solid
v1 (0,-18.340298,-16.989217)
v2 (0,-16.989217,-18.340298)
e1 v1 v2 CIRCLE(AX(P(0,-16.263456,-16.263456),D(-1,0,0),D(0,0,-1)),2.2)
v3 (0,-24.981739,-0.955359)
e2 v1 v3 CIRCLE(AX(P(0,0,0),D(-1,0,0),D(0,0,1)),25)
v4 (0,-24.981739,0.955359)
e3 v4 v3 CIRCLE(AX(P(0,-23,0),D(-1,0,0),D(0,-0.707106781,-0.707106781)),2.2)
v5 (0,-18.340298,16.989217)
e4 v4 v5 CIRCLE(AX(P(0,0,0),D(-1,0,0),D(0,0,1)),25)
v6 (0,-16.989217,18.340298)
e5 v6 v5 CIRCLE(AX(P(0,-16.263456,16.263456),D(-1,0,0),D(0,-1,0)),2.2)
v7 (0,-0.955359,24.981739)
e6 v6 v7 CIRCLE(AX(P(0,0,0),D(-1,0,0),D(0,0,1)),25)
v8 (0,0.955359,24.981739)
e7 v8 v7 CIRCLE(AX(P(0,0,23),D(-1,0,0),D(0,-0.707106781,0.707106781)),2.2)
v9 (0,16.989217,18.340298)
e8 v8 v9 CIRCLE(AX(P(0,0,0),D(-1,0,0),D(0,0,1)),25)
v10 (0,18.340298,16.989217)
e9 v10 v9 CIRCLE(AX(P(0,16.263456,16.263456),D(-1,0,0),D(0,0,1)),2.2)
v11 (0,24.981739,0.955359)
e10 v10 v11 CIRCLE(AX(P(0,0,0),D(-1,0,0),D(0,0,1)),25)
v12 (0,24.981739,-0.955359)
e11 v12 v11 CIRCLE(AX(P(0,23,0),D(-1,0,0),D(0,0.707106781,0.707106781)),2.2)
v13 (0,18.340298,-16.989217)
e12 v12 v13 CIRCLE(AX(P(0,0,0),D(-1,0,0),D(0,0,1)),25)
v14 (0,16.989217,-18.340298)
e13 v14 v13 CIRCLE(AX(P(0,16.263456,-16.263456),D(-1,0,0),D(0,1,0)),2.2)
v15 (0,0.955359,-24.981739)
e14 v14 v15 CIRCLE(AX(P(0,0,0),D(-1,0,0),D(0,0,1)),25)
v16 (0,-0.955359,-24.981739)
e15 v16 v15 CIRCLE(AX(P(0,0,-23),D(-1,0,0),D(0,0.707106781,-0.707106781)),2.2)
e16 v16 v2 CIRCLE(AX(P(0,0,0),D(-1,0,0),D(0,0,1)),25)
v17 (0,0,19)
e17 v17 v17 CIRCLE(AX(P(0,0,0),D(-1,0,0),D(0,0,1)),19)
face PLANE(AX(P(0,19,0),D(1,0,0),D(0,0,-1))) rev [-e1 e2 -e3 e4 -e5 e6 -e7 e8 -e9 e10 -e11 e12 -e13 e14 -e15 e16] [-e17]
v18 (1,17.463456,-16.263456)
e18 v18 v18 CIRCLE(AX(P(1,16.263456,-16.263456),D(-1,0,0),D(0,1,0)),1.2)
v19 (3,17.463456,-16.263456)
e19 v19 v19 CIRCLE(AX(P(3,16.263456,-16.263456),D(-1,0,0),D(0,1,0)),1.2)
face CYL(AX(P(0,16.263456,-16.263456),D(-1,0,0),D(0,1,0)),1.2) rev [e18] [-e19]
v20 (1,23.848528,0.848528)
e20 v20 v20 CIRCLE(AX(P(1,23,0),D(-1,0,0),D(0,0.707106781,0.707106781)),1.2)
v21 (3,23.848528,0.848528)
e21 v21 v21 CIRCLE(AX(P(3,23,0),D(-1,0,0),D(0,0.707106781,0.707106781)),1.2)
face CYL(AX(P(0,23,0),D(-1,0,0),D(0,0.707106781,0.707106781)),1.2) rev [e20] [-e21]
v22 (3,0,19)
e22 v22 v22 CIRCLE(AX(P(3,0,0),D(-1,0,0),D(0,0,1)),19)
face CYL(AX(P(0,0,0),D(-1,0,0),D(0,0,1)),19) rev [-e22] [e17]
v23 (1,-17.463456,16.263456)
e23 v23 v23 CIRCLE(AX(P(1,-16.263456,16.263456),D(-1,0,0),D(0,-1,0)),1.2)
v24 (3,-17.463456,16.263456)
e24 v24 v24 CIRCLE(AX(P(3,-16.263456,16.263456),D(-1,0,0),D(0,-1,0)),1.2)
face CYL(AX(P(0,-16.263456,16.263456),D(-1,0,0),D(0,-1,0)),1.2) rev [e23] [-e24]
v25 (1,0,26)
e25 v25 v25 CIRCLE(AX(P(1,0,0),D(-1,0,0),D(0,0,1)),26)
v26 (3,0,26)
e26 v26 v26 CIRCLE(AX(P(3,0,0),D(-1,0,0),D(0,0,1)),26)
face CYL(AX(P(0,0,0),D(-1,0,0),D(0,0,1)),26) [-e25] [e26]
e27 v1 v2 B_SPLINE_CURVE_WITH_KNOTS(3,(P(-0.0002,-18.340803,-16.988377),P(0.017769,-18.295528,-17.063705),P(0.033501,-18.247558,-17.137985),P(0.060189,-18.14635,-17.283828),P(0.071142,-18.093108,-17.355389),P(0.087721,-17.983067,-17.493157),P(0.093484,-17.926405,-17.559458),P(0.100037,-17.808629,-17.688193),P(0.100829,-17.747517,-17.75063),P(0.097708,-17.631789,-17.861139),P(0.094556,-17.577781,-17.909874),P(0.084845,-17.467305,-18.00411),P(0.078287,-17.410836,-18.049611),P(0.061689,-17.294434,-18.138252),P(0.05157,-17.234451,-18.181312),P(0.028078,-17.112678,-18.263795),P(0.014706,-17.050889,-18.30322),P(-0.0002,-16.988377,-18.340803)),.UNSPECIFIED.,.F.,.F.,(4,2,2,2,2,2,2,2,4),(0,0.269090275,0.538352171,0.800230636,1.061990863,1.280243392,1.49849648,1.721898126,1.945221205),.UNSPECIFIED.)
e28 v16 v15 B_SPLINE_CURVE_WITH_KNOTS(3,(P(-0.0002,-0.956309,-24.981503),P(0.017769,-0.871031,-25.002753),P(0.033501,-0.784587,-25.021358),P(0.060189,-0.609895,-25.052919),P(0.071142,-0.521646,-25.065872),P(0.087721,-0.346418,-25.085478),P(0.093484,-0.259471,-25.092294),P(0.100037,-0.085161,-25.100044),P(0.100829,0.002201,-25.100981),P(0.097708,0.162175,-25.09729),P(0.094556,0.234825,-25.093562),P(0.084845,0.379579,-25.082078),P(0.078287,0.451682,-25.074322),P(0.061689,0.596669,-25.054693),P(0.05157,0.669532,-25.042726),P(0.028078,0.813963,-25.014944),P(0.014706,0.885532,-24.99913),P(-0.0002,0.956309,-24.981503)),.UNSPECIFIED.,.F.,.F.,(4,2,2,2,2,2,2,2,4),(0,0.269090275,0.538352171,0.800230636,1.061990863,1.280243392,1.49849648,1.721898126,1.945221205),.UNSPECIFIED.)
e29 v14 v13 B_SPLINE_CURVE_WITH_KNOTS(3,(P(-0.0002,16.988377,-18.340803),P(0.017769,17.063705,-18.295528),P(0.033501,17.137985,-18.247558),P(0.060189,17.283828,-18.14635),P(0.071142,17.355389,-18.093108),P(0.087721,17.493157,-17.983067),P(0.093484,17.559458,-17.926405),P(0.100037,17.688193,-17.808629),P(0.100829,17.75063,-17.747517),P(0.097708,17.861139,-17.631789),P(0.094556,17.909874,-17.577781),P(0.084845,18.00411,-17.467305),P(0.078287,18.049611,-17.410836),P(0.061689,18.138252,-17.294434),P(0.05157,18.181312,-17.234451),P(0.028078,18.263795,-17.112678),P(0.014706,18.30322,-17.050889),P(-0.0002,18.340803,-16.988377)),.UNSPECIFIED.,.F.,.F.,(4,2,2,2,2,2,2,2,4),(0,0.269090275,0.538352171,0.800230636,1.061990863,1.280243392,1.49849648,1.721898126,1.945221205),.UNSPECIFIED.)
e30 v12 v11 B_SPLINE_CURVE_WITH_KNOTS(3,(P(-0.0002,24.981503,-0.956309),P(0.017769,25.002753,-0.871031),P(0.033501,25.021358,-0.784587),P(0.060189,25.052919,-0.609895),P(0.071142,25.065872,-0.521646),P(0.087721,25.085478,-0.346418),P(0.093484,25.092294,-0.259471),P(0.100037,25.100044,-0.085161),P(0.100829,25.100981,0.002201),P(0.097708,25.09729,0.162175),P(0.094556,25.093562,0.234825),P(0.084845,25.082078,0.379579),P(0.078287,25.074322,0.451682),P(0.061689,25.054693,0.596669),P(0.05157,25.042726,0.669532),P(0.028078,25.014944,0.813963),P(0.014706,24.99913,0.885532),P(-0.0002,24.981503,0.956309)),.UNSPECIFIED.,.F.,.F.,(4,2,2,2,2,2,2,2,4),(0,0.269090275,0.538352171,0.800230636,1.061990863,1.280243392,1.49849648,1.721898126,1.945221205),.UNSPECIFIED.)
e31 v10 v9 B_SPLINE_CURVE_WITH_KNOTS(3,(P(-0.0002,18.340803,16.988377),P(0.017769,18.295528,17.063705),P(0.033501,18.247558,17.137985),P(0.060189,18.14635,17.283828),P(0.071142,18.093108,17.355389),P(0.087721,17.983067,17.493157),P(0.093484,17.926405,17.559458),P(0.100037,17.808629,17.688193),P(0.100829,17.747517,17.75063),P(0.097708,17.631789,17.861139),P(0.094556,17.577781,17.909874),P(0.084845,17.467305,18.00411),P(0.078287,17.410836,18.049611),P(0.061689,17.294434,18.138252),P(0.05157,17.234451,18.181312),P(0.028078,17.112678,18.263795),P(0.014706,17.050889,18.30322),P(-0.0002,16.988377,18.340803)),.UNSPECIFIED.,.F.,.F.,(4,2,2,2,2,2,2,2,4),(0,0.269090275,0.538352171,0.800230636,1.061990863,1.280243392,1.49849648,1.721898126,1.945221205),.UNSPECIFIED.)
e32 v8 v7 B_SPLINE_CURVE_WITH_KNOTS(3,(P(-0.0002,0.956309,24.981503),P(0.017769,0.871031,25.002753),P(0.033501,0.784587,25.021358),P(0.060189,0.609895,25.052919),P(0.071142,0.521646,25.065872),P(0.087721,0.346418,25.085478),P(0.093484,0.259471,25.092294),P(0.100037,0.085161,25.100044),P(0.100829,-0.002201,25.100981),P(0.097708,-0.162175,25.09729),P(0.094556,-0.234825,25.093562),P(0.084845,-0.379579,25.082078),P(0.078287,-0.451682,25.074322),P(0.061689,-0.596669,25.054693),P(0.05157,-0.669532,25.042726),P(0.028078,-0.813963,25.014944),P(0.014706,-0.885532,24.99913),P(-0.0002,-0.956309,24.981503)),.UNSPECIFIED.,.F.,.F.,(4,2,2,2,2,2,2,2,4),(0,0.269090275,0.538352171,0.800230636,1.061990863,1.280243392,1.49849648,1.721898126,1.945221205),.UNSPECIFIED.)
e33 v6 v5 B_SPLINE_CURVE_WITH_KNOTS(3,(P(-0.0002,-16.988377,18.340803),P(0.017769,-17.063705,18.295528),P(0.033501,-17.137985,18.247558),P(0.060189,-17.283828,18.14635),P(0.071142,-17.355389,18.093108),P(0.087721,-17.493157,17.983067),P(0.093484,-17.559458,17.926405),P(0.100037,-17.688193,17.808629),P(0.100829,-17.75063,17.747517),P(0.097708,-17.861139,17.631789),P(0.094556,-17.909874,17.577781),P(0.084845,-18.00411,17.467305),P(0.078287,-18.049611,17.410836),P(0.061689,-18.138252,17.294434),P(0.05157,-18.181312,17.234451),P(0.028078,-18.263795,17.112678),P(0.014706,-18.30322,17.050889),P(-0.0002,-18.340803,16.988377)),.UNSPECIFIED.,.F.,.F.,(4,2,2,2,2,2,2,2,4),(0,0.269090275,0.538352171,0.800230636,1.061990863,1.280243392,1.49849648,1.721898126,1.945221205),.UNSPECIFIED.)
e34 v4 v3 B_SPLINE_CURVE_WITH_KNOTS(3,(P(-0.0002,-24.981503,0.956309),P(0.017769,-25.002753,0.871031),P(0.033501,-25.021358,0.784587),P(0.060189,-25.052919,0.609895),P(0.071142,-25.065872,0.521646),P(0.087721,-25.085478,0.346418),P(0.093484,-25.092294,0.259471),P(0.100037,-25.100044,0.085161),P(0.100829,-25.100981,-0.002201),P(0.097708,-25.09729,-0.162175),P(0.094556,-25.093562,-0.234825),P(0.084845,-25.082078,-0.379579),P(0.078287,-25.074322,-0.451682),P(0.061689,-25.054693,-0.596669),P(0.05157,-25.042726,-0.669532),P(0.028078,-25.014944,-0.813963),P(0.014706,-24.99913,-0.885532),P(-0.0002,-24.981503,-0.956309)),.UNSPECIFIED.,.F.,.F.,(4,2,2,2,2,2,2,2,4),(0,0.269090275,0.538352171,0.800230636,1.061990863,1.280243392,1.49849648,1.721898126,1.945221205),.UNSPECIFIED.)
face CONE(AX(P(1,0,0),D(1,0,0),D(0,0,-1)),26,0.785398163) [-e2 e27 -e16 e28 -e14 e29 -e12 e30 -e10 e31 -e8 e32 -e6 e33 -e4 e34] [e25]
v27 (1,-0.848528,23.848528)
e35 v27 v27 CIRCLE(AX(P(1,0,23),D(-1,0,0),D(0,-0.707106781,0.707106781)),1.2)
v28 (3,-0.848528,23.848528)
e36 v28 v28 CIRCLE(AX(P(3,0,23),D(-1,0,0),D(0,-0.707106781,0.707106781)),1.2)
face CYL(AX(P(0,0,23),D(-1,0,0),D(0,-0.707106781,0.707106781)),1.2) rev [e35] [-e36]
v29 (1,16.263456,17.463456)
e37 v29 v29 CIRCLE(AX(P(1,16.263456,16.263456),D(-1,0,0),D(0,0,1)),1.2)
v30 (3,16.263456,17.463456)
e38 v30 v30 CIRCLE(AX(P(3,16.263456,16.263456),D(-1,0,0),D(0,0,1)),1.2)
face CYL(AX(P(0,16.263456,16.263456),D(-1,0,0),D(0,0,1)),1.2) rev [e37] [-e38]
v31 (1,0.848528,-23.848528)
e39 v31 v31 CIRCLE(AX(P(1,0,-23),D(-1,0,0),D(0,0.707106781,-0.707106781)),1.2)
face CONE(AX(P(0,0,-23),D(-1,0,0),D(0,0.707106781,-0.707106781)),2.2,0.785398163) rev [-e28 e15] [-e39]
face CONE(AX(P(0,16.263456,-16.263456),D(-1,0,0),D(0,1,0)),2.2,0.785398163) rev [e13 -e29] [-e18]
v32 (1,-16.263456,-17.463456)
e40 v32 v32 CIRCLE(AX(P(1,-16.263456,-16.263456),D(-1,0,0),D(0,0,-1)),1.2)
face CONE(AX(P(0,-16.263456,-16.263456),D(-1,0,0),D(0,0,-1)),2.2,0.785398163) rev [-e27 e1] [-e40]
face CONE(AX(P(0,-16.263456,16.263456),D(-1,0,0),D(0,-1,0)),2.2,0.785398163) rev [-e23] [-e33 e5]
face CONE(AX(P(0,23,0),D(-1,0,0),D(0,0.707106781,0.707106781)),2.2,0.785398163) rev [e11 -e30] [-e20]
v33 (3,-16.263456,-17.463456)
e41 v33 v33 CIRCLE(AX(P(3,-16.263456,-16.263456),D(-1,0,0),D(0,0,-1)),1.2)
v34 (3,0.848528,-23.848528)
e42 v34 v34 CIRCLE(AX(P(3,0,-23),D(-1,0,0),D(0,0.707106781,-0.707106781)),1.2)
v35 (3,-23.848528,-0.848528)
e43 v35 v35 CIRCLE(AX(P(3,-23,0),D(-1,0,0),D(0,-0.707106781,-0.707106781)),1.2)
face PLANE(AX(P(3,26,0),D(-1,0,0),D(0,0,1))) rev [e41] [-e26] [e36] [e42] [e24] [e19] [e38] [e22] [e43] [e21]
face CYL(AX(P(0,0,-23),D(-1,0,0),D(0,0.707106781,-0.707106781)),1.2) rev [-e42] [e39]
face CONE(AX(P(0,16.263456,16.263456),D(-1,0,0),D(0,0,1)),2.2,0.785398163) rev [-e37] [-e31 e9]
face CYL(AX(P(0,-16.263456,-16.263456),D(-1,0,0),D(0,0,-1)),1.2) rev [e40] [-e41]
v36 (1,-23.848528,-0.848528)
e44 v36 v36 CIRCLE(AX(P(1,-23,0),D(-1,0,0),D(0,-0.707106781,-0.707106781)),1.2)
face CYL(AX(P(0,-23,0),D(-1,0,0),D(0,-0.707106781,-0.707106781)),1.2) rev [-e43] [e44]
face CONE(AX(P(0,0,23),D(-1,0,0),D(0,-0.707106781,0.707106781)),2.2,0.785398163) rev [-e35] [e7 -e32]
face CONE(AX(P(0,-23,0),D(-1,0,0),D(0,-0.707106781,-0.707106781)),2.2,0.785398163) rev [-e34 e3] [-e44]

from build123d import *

# Parameters (mm, degrees)
HOLE_WIZARD_M21_D           = 2.4
HOLE_WIZARD_M21_CSINK_D     = 4.4
HOLE_WIZARD_M21_CSINK_ANGLE = 90
PATTERN_CIRCULAR_1_COUNT    = 8


with BuildPart() as part:
    # Эскиз1 → Повернуть1 (revolve)
    with BuildSketch(Plane.XY):
        Polygon((0, 19), (0, 25), (1, 26), (3, 26), (3, 19), align=None)
    revolve(axis=Axis((0, 0, 0), (1, 0, 0)))

    # Зенковка для винта с потайной головкой M21 (through all)
    with Locations(Plane.ZY):
        with Locations((16.263455967, 16.263455967)):
            hole_wizard_m21 = CounterSinkHole(HOLE_WIZARD_M21_D / 2, HOLE_WIZARD_M21_CSINK_D / 2, counter_sink_angle=HOLE_WIZARD_M21_CSINK_ANGLE)

    # Круговой массив1: Зенковка для винта с потайной головкой M21 ×8 about axis
    pattern_circular_1_axis = Axis((0, 0, 0), (1, 0, 0))
    for i in range(1, PATTERN_CIRCULAR_1_COUNT):
        add(hole_wizard_m21.rotate(pattern_circular_1_axis, i * 360 / PATTERN_CIRCULAR_1_COUNT), mode=Mode.SUBTRACT)


solid = part.part
